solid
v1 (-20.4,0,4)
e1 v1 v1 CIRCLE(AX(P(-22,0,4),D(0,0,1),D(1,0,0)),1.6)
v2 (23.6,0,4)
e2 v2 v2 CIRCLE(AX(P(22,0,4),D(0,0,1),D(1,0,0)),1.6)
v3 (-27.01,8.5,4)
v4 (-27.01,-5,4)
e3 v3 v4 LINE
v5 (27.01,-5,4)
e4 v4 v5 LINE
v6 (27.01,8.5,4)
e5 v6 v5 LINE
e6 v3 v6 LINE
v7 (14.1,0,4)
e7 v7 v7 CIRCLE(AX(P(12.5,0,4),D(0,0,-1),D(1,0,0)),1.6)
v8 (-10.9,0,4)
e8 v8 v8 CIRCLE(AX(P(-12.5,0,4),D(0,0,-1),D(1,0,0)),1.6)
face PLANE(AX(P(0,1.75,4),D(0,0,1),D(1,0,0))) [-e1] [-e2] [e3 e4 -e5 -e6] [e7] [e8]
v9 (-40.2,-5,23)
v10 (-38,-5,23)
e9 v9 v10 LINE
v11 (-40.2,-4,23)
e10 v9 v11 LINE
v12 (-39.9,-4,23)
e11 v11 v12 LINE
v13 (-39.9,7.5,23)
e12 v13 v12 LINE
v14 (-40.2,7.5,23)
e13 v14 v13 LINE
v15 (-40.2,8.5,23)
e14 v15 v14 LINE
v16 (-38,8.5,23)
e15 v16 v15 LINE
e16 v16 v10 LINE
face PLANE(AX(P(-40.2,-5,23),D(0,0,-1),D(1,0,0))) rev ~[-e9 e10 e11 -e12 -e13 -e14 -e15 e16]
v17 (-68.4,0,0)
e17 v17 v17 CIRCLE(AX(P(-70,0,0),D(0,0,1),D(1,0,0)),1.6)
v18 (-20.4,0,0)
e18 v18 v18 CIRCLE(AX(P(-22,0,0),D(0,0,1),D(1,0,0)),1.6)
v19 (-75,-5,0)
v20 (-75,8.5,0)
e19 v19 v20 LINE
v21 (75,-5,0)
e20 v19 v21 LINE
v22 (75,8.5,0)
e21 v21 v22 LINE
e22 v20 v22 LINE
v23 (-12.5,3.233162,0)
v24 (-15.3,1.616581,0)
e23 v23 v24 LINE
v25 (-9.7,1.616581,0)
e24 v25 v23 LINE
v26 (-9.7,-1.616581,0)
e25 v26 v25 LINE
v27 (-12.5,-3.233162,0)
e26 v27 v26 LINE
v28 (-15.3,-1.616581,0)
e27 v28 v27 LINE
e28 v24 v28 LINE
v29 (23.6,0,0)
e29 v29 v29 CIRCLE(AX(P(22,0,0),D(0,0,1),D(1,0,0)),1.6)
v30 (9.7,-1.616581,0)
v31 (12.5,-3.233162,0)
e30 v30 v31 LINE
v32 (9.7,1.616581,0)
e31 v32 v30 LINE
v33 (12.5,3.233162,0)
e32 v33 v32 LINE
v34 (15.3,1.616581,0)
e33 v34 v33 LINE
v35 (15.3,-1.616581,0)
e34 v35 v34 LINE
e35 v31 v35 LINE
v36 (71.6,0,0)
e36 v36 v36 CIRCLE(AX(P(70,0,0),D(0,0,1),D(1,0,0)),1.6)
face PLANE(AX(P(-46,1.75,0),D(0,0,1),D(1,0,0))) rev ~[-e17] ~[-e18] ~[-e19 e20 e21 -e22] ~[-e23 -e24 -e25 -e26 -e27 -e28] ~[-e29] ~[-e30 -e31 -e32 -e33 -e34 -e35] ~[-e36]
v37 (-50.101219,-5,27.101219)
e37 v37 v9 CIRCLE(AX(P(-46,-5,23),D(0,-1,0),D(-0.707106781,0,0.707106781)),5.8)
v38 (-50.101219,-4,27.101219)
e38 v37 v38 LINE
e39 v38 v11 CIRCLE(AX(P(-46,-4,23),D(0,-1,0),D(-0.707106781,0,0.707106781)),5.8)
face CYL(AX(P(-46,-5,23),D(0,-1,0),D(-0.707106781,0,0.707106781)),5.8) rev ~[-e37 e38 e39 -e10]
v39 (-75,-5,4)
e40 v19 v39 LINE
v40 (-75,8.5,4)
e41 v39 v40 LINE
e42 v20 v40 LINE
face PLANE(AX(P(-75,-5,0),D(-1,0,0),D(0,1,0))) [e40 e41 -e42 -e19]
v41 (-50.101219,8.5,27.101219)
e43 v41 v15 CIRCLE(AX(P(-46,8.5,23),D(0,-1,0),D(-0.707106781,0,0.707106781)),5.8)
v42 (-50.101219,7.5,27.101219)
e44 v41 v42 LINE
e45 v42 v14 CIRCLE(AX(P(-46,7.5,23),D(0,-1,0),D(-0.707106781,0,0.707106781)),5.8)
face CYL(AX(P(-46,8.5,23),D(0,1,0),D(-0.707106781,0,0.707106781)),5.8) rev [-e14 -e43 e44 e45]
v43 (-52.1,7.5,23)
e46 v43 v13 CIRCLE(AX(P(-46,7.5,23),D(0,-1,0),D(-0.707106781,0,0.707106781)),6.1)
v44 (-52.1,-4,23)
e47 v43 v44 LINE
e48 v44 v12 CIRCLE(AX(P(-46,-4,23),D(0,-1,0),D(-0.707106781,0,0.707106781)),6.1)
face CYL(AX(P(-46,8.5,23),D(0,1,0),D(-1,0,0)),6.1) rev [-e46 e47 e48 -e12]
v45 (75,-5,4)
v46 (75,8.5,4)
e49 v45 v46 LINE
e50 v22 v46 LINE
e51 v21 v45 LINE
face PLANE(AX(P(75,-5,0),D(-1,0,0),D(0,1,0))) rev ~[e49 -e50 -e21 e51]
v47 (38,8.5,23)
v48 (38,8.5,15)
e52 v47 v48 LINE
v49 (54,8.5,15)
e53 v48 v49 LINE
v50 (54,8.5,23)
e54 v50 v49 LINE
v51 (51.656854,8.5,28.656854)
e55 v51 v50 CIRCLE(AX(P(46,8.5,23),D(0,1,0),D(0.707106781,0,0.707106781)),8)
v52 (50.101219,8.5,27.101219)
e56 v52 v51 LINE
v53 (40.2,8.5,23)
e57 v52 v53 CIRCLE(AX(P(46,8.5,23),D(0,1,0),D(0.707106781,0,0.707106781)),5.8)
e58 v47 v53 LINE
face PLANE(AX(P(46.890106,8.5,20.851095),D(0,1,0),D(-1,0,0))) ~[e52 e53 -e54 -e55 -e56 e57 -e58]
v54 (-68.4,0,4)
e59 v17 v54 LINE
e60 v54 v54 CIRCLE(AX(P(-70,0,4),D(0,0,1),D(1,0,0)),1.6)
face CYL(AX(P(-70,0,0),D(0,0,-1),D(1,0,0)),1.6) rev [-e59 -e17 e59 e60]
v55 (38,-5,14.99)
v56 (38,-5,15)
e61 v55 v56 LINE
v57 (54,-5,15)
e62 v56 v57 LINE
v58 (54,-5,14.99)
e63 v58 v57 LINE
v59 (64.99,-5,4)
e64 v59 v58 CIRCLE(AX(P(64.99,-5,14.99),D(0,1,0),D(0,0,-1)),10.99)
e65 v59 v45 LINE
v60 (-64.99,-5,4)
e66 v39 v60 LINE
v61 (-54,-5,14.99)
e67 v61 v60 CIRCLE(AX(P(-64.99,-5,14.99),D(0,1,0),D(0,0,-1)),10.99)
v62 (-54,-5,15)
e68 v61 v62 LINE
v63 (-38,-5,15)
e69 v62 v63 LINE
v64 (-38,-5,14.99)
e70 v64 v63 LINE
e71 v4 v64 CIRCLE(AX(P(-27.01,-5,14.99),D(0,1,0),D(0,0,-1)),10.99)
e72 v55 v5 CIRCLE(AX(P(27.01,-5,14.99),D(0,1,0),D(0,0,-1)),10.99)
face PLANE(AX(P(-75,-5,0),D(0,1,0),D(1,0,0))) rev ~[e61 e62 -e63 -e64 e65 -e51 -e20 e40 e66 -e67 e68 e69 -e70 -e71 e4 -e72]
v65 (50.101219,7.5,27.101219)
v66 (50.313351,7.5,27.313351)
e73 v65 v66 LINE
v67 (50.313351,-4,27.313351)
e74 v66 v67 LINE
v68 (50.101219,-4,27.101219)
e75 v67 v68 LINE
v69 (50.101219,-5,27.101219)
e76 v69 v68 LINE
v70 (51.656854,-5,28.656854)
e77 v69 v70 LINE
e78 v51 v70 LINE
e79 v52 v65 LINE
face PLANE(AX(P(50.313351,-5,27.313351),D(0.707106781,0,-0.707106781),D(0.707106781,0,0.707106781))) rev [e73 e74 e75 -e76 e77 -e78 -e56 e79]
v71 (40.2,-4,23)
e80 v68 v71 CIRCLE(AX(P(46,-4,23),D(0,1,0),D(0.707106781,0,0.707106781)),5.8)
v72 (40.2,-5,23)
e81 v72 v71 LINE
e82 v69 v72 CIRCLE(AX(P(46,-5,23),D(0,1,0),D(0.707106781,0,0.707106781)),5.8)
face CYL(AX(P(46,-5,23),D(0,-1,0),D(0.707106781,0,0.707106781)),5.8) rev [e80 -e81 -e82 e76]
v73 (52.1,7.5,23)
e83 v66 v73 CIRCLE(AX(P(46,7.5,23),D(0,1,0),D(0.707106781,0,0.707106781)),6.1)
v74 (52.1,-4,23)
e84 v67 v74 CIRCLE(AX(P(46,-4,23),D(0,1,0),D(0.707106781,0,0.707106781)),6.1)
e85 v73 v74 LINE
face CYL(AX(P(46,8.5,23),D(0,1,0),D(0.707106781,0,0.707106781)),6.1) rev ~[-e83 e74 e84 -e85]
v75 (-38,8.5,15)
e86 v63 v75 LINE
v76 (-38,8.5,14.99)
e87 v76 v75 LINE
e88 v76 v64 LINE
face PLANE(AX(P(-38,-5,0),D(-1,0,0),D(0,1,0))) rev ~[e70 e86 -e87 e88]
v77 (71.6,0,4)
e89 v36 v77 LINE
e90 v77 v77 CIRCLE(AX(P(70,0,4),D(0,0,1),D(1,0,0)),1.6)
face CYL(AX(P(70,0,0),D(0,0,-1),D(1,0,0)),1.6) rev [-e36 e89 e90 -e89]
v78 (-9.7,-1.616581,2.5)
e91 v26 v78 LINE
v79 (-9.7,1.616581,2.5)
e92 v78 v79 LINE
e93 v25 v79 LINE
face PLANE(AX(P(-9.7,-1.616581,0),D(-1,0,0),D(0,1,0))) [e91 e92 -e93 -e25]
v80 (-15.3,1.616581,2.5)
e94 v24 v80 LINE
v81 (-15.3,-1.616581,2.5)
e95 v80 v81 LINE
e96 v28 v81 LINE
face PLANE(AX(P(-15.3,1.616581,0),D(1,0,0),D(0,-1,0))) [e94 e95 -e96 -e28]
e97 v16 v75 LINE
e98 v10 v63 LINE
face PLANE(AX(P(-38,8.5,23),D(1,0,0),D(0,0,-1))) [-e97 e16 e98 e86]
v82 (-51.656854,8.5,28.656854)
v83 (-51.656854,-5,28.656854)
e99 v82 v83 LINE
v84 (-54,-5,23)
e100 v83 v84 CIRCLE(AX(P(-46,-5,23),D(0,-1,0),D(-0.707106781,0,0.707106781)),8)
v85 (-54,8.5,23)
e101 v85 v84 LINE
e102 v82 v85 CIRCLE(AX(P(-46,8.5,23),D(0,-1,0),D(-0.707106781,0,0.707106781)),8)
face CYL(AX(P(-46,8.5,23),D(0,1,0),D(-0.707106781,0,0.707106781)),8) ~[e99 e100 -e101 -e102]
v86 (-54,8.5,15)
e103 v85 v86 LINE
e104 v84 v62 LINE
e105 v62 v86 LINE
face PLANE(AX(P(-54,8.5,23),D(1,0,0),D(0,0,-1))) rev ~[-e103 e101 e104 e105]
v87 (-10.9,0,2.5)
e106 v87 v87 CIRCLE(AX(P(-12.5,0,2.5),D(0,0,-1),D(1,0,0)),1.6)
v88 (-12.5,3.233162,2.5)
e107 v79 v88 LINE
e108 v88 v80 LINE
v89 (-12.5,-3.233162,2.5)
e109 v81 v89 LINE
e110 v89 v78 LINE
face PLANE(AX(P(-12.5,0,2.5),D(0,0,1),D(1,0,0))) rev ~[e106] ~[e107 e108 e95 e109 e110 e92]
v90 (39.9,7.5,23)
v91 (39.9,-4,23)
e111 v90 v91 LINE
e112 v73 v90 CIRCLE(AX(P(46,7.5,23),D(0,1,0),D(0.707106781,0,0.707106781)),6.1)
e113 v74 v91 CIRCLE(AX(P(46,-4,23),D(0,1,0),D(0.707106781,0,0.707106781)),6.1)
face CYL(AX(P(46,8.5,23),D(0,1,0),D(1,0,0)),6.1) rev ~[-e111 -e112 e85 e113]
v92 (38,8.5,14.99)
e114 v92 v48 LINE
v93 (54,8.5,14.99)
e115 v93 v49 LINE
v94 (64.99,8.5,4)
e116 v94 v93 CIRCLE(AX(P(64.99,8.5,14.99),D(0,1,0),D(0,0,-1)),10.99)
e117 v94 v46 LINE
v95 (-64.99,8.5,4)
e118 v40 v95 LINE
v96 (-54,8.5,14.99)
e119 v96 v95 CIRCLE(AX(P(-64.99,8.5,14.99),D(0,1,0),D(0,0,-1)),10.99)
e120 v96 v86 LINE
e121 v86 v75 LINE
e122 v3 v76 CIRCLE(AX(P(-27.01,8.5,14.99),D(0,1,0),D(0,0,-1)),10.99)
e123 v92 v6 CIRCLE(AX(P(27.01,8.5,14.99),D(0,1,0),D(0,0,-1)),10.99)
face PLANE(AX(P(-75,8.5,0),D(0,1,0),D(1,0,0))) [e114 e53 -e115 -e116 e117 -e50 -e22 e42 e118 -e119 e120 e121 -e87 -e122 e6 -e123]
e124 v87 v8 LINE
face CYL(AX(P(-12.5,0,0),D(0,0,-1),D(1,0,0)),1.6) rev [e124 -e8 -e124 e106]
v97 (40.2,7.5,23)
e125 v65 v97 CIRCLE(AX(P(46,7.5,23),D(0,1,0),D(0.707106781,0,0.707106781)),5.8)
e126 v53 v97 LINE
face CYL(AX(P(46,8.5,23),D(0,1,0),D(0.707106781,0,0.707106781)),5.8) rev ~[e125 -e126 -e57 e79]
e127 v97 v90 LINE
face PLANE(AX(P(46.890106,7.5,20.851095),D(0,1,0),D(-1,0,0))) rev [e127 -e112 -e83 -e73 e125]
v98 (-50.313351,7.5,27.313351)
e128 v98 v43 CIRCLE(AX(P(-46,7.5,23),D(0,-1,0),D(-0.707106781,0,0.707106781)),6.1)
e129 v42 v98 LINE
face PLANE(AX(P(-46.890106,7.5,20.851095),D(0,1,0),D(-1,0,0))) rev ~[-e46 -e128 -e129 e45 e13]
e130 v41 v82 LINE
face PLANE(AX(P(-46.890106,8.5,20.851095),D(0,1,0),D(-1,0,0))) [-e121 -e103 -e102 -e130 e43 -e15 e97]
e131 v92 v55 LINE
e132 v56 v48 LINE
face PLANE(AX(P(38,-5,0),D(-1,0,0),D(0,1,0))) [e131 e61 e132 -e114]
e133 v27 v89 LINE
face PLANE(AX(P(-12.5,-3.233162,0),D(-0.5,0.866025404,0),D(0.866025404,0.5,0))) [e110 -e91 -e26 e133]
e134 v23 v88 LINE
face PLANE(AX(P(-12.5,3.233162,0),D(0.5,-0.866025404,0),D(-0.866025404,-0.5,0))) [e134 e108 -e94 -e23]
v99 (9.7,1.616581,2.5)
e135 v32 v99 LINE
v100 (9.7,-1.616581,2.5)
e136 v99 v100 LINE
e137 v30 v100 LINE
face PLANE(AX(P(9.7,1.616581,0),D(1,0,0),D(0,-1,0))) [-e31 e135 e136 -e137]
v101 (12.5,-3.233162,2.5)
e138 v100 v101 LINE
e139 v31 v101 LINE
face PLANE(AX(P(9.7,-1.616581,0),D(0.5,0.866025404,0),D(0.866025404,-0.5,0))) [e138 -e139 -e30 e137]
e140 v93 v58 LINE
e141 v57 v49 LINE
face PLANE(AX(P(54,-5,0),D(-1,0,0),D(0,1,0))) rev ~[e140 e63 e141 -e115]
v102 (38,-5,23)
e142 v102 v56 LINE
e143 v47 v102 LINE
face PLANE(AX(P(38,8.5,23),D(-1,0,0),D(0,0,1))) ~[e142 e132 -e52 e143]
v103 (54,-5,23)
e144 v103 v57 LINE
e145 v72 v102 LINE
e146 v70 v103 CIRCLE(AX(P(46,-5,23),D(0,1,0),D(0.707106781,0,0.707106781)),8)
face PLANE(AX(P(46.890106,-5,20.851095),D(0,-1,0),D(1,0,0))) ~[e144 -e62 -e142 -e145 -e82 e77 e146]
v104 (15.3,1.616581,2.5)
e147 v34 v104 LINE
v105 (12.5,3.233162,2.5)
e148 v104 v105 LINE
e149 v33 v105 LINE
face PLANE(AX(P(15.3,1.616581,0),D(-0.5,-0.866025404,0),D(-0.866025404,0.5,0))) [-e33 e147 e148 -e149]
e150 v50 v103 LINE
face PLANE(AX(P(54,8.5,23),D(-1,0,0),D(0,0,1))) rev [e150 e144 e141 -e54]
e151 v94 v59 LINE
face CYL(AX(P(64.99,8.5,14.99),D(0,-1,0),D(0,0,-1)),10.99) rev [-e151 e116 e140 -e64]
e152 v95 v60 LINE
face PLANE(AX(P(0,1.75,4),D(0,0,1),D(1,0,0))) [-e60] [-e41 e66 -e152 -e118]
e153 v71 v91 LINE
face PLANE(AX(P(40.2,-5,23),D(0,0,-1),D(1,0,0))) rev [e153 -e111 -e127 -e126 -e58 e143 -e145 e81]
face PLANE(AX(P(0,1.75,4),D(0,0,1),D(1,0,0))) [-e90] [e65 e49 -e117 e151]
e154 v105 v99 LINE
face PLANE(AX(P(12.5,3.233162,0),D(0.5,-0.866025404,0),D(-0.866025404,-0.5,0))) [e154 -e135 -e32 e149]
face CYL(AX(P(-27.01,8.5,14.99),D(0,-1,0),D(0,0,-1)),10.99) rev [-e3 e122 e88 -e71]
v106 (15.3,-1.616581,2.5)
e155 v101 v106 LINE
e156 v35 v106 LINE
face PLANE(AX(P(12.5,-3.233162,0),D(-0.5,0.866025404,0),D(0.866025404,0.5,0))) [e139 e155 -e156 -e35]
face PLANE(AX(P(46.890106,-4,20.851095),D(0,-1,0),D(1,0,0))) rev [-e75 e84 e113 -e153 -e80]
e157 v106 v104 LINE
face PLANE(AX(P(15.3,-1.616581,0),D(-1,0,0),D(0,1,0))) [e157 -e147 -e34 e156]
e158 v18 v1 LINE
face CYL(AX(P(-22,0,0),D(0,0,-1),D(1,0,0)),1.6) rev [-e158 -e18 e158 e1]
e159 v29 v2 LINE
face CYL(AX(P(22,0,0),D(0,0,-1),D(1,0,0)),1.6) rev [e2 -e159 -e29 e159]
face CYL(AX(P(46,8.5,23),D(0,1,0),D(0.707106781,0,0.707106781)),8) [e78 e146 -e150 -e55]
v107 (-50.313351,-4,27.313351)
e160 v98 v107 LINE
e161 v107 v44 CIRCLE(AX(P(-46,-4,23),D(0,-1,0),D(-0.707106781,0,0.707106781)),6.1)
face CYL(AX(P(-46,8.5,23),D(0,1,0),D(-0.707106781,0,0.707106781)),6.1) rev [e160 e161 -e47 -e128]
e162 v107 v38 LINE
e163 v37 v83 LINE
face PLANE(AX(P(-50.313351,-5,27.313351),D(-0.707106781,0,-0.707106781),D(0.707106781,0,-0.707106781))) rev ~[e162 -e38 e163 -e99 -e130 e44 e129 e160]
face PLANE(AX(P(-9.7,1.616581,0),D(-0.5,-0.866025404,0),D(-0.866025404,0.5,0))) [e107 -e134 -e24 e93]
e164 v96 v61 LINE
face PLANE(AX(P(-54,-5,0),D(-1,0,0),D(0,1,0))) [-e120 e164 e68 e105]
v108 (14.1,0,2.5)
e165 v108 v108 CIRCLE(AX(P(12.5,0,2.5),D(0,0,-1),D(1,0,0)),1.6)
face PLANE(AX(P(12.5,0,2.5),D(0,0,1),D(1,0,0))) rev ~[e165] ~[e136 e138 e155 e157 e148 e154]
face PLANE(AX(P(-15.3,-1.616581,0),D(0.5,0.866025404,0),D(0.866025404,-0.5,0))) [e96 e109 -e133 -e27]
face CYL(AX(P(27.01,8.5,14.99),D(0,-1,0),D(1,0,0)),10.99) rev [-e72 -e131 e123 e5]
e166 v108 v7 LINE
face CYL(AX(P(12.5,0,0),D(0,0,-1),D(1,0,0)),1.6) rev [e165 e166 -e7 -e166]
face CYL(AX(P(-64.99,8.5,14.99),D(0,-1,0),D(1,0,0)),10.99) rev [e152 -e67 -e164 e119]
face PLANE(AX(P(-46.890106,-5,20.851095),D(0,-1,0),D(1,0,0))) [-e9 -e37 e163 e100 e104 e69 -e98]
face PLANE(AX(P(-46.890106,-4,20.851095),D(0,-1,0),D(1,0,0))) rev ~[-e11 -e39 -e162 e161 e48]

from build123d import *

# Parameters (mm, degrees)
PAD002_DEPTH            = 13.5
PAD003_DEPTH            = 1
PAD008_DEPTH            = 1
BODY001_PLACEMENT_ANGLE = -90.0000000001
SKETCH_W                = 150
SKETCH_H                = 13.5
SKETCH_R                = 1.6
PAD_DEPTH               = 4
SKETCH001_W             = 16
SKETCH001_H             = 13.5
PAD001_DEPTH            = 15
FILLET_R                = 10.99
POCKET_DEPTH            = 2.5
SKETCH015_R             = 1.6
POCKET001_DEPTH         = 15.001


with BuildPart() as clip_lm6uu:
    # Sketch003 → Pad002 (new body)
    with BuildSketch(Plane.YZ):
        with BuildLine():
            Line((-8, 0), (-8, -8))
            Line((-8, -8), (8, -8))
            Line((8, 0), (8, -8))
            Line((8, 0), (6.1, 0))
            ThreePointArc((-6.1, 0), (0, -6.1), (6.1, 0))
            ThreePointArc((-4.3133513652, 4.3133513652), (-5.6356651483, 2.3343689374), (-6.1, 0))
            Line((-5.6568542495, 5.6568542495), (-4.3133513652, 4.3133513652))
            ThreePointArc((-5.6568542495, 5.6568542495), (-7.3910362601, 3.0614674589), (-8, 0))
        make_face()
    extrude(amount=PAD002_DEPTH)

    # Sketch002 → Pad003 (join)
    with BuildSketch(Plane.YZ):
        with BuildLine():
            ThreePointArc((-4.1012193309, 4.1012193309), (-2.2195639077, -5.3585012886), (5.8, 0))
            Line((5.8, 0), (6.1, 0))
            ThreePointArc((-4.3133513652, 4.3133513652), (-2.3343689374, -5.6356651483), (6.1, 0))
            Line((-4.1012193309, 4.1012193309), (-4.3133513652, 4.3133513652))
        make_face()
    extrude(amount=PAD003_DEPTH)

    # Sketch013 (on Face5 of Pad003) → Pad008 (join)
    with BuildSketch(Plane.YZ.offset(13.5)):
        with BuildLine():
            ThreePointArc((-4.3133513652, 4.3133513652), (-2.3343689374, -5.6356651483), (6.1, 0))
            Line((5.8, 0), (6.1, 0))
            ThreePointArc((-4.1012193309, 4.1012193309), (-2.2195639077, -5.3585012886), (5.8, 0))
            Line((-4.3133513652, 4.3133513652), (-4.1012193309, 4.1012193309))
        make_face()
    extrude(amount=-PAD008_DEPTH)


with BuildPart() as clip_lm6uu_1:
    # Body001 placement: moved
    add(clip_lm6uu.part.moved(Location((-46, 8.5, 23))).rotate(Axis((-46, 8.5, 23), (0, 0, 1)), BODY001_PLACEMENT_ANGLE))


with BuildPart() as clip_lm6uu_mirror:
    # Part__Mirroring: instance of Clip_LM6UU
    add(clip_lm6uu_1.part.mirror(Plane(origin=(0, 0, 0), x_dir=(0, -1, 0), z_dir=(1, 0, 0))))


with BuildPart() as bedclamping_refined:
    # Sketch → Pad (new body)
    with BuildSketch(Plane.XY):
        with Locations((0, 1.75)):
            Rectangle(SKETCH_W, SKETCH_H)
        with Locations((-70, 0)):
            Circle(SKETCH_R, mode=Mode.SUBTRACT)
        with Locations((-22, 0)):
            Circle(SKETCH_R, mode=Mode.SUBTRACT)
        with Locations((22, 0)):
            Circle(SKETCH_R, mode=Mode.SUBTRACT)
        with Locations((70, 0)):
            Circle(SKETCH_R, mode=Mode.SUBTRACT)
    extrude(amount=PAD_DEPTH)

    # Sketch001 → Pad001 (join)
    with BuildSketch(Plane.XY):
        with Locations((-46, 1.75)):
            Rectangle(SKETCH001_W, SKETCH001_H)
        with Locations((46, 1.75)):
            Rectangle(SKETCH001_W, SKETCH001_H)
    extrude(amount=PAD001_DEPTH)

    # Fillet
    fillet_edges = [bedclamping_refined.edges().sort_by_distance(p)[0] for p in [
        (-54, 1.75, 4),
        (-38, 1.75, 4),
        (38, 1.75, 4),
        (54, 1.75, 4),
    ]]
    fillet(fillet_edges, radius=FILLET_R)

    # Sketch014 → Pocket (cut)
    with BuildSketch(Plane.XY):
        Polygon((-12.5, -3.2331615075), (-9.7, -1.6165807537), (-9.7, 1.6165807537), (-12.5, 3.2331615075), (-15.3, 1.6165807537), (-15.3, -1.6165807537), align=None)
        Polygon((12.5, -3.2331615075), (15.3, -1.6165807537), (15.3, 1.6165807537), (12.5, 3.2331615075), (9.7, 1.6165807537), (9.7, -1.6165807537), align=None)
    extrude(amount=POCKET_DEPTH, mode=Mode.SUBTRACT)

    # Sketch015 → Pocket001 (cut, through all)
    with BuildSketch(Plane.XY):
        with Locations((-12.5, 0)):
            Circle(SKETCH015_R)
        with Locations((12.5, 0)):
            Circle(SKETCH015_R)
    extrude(amount=POCKET001_DEPTH, mode=Mode.SUBTRACT)

    # Fusion: union Clip_LM6UU_Mirror, Clip_LM6UU
    add(clip_lm6uu_mirror.part)
    add(clip_lm6uu_1.part)


solid = bedclamping_refined.part
